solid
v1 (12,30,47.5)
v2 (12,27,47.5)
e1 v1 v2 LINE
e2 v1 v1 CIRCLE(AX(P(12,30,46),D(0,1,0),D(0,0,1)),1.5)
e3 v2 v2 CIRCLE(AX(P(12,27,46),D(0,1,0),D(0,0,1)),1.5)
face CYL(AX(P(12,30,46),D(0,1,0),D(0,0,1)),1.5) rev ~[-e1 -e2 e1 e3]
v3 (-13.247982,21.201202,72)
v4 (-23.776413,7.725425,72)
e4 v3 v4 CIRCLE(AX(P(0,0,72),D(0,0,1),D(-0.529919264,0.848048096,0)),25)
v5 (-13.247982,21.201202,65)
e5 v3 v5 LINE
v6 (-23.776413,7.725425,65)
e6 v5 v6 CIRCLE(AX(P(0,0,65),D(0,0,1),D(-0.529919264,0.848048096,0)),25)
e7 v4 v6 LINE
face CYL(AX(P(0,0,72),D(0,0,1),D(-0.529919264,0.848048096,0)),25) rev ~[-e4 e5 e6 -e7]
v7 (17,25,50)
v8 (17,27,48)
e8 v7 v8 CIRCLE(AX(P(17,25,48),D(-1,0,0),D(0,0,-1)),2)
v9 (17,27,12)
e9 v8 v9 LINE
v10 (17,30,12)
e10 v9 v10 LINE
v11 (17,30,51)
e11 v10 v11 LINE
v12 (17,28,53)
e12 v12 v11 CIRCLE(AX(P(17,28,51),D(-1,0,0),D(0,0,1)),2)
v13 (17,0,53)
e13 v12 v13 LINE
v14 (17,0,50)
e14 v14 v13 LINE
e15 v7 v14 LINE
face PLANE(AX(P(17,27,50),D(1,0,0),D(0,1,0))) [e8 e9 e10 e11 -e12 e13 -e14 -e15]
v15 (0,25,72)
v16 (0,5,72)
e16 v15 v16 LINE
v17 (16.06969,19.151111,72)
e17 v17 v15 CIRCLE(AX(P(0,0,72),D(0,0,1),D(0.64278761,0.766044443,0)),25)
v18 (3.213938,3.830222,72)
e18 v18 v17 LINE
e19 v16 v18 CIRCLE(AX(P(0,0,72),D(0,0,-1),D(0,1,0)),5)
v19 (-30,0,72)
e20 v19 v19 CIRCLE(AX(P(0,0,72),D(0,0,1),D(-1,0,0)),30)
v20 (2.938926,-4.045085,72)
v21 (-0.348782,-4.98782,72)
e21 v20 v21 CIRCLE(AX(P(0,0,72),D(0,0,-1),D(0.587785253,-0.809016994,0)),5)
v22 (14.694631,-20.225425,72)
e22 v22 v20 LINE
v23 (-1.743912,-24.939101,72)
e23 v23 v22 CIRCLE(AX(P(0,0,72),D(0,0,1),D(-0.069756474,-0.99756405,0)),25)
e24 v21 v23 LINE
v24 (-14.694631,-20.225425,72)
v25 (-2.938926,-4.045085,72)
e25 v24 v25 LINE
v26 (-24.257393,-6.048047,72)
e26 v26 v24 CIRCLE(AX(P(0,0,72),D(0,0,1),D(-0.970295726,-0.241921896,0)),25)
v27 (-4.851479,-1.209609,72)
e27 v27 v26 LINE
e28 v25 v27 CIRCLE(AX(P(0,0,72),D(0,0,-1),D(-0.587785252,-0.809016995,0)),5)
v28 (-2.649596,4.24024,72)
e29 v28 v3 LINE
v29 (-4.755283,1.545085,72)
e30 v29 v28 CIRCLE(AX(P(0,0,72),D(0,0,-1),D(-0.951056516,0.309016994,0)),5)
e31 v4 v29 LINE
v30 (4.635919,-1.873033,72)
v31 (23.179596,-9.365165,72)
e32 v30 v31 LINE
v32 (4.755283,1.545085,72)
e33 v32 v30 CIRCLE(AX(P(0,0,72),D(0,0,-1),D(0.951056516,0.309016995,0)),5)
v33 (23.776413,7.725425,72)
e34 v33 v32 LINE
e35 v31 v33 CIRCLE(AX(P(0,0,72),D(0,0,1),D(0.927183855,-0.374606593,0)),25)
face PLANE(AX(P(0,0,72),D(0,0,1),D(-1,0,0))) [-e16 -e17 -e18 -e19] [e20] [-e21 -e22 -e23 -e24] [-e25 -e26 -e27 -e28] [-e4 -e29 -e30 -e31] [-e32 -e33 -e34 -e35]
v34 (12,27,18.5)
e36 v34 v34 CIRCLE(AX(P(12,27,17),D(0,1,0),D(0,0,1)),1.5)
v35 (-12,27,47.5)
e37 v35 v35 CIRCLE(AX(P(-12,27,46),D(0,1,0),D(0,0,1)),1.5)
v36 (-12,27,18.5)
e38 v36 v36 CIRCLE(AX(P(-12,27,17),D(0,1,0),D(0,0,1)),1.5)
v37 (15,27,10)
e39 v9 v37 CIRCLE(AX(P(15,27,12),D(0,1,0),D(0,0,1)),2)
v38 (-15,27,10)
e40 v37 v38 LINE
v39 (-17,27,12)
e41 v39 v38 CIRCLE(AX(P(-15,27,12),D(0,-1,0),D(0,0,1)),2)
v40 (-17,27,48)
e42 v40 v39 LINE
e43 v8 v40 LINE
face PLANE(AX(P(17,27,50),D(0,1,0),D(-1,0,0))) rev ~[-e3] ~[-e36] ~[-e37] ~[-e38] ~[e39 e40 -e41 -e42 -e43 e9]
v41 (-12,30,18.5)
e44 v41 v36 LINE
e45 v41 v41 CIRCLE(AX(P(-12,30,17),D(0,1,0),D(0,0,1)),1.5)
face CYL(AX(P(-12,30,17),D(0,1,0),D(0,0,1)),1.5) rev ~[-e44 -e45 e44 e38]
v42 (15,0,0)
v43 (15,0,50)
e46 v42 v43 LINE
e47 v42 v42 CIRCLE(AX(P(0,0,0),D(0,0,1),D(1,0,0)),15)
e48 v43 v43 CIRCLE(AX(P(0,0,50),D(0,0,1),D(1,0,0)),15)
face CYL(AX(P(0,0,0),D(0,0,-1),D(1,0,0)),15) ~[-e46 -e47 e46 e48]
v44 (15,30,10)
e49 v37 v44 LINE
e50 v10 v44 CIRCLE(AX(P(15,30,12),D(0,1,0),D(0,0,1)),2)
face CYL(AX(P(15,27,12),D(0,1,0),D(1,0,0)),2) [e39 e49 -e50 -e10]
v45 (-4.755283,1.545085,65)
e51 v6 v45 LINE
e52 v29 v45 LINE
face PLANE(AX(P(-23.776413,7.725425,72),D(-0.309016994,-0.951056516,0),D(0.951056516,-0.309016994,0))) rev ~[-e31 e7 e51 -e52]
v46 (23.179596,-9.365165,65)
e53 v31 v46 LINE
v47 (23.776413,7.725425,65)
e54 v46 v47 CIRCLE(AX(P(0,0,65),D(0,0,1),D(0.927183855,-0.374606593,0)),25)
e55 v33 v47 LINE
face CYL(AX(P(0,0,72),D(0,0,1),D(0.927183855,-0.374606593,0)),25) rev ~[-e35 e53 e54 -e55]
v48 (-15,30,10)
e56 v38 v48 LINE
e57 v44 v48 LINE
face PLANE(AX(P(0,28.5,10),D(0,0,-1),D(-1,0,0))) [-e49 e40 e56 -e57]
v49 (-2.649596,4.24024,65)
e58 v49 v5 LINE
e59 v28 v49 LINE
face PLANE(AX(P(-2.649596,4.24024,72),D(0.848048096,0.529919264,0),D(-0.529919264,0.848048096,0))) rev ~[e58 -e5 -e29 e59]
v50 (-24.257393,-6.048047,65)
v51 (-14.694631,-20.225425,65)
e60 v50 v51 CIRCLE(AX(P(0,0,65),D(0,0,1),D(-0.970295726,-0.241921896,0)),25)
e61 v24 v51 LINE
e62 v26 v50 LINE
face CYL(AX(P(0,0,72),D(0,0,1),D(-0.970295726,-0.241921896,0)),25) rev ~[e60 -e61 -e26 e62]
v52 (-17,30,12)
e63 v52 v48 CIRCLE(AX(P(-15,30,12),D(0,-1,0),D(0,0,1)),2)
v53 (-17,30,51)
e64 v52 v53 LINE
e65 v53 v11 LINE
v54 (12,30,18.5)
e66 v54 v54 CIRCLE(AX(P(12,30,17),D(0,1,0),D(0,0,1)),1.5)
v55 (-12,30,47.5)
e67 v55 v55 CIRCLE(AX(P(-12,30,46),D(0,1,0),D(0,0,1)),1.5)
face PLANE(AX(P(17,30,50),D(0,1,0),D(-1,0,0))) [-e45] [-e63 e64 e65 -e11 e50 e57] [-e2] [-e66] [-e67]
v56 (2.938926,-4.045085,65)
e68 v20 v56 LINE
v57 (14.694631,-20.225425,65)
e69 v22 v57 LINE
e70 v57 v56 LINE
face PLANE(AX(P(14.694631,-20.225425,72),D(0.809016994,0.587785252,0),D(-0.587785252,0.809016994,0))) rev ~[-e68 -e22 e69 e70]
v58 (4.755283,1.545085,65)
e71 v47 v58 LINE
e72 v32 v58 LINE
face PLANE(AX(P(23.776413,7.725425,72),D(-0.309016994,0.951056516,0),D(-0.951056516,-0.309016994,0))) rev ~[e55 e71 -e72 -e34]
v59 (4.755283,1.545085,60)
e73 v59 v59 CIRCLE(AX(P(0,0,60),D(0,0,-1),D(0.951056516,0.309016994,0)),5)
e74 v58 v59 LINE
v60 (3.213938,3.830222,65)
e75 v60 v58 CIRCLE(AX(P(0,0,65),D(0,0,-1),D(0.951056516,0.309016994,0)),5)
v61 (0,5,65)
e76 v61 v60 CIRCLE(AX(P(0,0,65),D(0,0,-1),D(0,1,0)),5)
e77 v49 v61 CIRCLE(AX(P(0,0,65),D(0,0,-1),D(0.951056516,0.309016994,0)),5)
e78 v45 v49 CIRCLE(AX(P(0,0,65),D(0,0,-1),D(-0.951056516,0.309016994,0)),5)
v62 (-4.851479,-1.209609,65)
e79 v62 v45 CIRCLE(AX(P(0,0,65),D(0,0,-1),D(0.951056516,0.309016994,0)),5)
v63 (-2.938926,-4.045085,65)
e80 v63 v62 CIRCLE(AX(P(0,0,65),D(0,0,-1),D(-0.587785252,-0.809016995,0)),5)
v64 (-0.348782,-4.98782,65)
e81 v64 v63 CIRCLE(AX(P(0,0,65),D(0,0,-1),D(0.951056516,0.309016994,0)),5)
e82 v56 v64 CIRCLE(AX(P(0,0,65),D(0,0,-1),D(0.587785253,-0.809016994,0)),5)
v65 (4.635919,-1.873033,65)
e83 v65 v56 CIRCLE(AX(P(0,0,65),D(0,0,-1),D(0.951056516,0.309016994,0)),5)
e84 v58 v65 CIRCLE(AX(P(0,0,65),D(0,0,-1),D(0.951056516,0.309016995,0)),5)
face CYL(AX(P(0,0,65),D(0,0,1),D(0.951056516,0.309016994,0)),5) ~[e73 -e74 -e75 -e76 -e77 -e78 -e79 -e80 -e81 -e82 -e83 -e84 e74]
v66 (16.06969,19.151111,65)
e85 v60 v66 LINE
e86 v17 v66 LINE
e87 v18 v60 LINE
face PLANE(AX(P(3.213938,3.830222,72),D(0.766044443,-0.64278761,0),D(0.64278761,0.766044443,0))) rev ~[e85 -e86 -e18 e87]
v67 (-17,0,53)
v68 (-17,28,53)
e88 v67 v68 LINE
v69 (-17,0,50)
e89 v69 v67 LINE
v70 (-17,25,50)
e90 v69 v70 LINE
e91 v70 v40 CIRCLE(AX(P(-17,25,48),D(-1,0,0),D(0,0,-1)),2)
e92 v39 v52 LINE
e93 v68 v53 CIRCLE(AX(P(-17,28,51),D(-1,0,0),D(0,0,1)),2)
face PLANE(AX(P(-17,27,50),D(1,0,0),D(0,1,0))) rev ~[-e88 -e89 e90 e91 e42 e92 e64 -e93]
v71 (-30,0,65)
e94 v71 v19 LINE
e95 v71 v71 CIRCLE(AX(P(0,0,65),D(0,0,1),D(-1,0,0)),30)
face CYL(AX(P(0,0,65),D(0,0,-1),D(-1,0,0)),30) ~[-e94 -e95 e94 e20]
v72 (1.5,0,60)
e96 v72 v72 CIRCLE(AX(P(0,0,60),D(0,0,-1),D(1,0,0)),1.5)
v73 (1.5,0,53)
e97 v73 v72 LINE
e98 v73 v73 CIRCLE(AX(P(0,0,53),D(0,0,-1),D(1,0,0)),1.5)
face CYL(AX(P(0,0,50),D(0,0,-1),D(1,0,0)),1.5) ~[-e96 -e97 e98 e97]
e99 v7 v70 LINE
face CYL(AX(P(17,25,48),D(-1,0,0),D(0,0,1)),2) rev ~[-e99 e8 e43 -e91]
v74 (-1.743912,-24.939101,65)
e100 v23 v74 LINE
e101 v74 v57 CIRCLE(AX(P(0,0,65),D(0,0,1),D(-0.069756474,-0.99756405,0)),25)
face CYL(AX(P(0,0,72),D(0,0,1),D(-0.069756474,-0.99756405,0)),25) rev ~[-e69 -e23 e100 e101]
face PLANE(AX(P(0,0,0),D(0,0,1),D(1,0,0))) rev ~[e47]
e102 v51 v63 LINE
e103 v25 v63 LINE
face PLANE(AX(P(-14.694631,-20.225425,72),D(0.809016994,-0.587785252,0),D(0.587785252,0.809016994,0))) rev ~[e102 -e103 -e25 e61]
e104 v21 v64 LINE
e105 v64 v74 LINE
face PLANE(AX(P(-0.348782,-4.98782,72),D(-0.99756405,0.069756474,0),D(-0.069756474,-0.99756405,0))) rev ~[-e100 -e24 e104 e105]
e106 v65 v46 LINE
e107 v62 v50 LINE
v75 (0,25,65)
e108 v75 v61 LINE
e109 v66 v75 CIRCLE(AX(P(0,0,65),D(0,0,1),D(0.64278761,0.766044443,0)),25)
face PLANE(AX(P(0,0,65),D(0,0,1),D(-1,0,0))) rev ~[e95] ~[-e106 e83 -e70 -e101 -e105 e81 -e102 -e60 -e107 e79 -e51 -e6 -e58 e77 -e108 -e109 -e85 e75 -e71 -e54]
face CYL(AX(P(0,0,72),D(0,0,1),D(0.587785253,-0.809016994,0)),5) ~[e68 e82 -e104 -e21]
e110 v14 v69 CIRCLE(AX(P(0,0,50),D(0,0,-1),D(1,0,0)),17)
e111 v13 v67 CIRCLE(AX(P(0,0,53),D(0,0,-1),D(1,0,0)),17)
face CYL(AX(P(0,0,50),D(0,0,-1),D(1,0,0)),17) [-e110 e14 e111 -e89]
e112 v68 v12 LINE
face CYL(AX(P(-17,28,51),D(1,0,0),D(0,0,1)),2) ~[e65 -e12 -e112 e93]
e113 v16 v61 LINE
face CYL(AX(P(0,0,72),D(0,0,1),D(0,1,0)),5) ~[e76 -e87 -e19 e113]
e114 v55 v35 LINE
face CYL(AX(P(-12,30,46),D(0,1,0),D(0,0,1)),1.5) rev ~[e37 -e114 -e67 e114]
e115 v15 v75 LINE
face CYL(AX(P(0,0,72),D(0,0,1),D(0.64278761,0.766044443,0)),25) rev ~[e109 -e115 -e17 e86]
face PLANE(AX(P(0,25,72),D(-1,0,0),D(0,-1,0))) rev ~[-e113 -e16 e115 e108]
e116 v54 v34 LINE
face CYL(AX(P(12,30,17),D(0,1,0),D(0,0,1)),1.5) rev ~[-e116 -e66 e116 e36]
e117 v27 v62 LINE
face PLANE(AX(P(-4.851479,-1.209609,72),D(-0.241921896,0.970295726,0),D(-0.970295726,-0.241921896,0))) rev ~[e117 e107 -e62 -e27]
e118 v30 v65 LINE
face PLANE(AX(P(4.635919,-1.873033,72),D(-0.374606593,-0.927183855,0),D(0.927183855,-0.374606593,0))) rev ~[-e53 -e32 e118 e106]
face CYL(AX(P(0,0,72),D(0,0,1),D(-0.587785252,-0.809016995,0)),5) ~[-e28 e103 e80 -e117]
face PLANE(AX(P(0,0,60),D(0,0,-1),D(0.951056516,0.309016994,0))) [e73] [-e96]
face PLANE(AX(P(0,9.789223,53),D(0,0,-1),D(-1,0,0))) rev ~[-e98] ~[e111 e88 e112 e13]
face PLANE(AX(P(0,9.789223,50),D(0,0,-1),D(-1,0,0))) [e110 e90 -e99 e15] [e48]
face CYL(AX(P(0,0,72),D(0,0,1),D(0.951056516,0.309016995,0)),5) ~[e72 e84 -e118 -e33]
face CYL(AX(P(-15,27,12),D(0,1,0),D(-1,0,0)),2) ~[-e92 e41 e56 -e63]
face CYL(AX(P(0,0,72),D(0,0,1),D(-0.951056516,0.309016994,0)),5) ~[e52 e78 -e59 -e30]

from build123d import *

# Parameters (mm, degrees)
SKETCH1_R           = 15
BOSS_EXTRUDE1_DEPTH = 50
SKETCH2_R           = 1.5
BOSS_EXTRUDE2_DEPTH = 15
BOSS_EXTRUDE4_DEPTH = 3
SKETCH5_W           = 34
SKETCH5_H           = 3
BOSS_EXTRUDE5_DEPTH = 40
FILLET2_R           = 2
SKETCH6_R           = 30
BOSS_EXTRUDE6_DEPTH = 7
CUT_EXTRUDE1_DEPTH  = 7
SKETCH8_R           = 5
BOSS_EXTRUDE7_DEPTH = 5
SKETCH9_R           = 1.5
CUT_EXTRUDE2_DEPTH  = 5


with BuildPart() as part:
    # Sketch1 → Boss-Extrude1 (new body)
    with BuildSketch(Plane.XY):
        Circle(SKETCH1_R)
    extrude(amount=BOSS_EXTRUDE1_DEPTH)

    # Sketch2 → Boss-Extrude2 (add)
    with BuildSketch(Plane.XY.offset(50)):
        Circle(SKETCH2_R)
    extrude(amount=BOSS_EXTRUDE2_DEPTH)

    # Sketch4 → Boss-Extrude4 (add)
    with BuildSketch(Plane.XY.offset(50)):
        with BuildLine():
            Line((-17, 0), (-17, 30))
            Line((-17, 30), (17, 30))
            Line((17, 30), (17, 0))
            ThreePointArc((17, 0), (0, -17), (-17, 0))
        make_face()
    extrude(amount=BOSS_EXTRUDE4_DEPTH)

    # Sketch5 → Boss-Extrude5 (add)
    with BuildSketch(Plane(origin=(0, 0, 50), x_dir=(-1, 0, 0), z_dir=(0, 0, -1))):
        with Locations((0, 28.5)):
            Rectangle(SKETCH5_W, SKETCH5_H)
    extrude(amount=BOSS_EXTRUDE5_DEPTH)

    # Fillet2
    fillet2_edges = [part.edges().sort_by_distance(p)[0] for p in [
        (0, 30, 53),
        (0, 27, 50),
        (17, 28.5, 10),
        (-17, 28.5, 10),
    ]]
    fillet(fillet2_edges, radius=FILLET2_R)

    # Sketch6 → Boss-Extrude6 (add)
    with BuildSketch(Plane.XY.offset(65)):
        with Locations(Location((0, 0, 0), (0, 0, 180))):
            Circle(SKETCH6_R)
    extrude(amount=BOSS_EXTRUDE6_DEPTH)

    # Sketch7 → Cut-Extrude1 (cut)
    with BuildSketch(Plane.XY.offset(72)):
        with BuildLine():
            Line((0, 25), (0, 5))
            ThreePointArc((0, 5), (1.710100717, 4.698463104), (3.213938048, 3.830222216))
            Line((3.213938048, 3.830222216), (16.069690242, 19.151111078))
            ThreePointArc((16.069690242, 19.151111078), (8.550503583, 23.49231552), (0, 25))
        make_face()
        with BuildLine():
            Line((23.776412907, 7.725424859), (4.755282581, 1.545084972))
            ThreePointArc((4.755282581, 1.545084972), (4.996954135, -0.174497484), (4.635919273, -1.873032967))
            Line((4.635919273, -1.873032967), (23.179596364, -9.365164835))
            ThreePointArc((23.179596364, -9.365164835), (24.984770675, -0.872487418), (23.776412907, 7.725424859))
        make_face()
        with BuildLine():
            Line((14.694631307, -20.225424859), (2.938926261, -4.045084972))
            ThreePointArc((2.938926261, -4.045084972), (1.378186779, -4.80630848), (-0.348782369, -4.987820251))
            Line((-0.348782369, -4.987820251), (-1.743911844, -24.939101256))
            ThreePointArc((-1.743911844, -24.939101256), (6.890933895, -24.031542398), (14.694631307, -20.225424859))
        make_face()
        with BuildLine():
            Line((-14.694631307, -20.225424859), (-2.938926261, -4.045084972))
            ThreePointArc((-2.938926261, -4.045084972), (-4.145187863, -2.795964517), (-4.851478631, -1.209609478))
            Line((-4.851478631, -1.209609478), (-24.257393157, -6.04804739))
            ThreePointArc((-24.257393157, -6.04804739), (-20.725939314, -13.979822587), (-14.694631307, -20.225424859))
        make_face()
        with BuildLine():
            Line((-23.776412907, 7.725424859), (-4.755282581, 1.545084972))
            ThreePointArc((-4.755282581, 1.545084972), (-3.940053768, 3.078307377), (-2.649596321, 4.240240481))
            Line((-2.649596321, 4.240240481), (-13.247981606, 21.201202404))
            ThreePointArc((-13.247981606, 21.201202404), (-19.70026884, 15.391536883), (-23.776412907, 7.725424859))
        make_face()
    extrude(amount=-CUT_EXTRUDE1_DEPTH, mode=Mode.SUBTRACT)

    # Sketch8 → Boss-Extrude7 (add)
    with BuildSketch(Plane(origin=(0, 0, 65), x_dir=(-1, 0, 0), z_dir=(0, 0, -1))):
        with Locations(Location((0, 0, 0), (0, 0, 162))):
            Circle(SKETCH8_R)
    extrude(amount=BOSS_EXTRUDE7_DEPTH)

    # Sketch9 → Cut-Extrude2 (cut)
    with BuildSketch(Plane(origin=(0, 30, 0), x_dir=(1, 0, 0), z_dir=(0, 1, 0))):
        with Locations(Location((-12, -46, 0), (0, 0, 270))):
            Circle(SKETCH9_R)
        with Locations(Location((-12, -17, 0), (0, 0, 270))):
            Circle(SKETCH9_R)
        with Locations(Location((12, -46, 0), (0, 0, 270))):
            Circle(SKETCH9_R)
        with Locations(Location((12, -17, 0), (0, 0, 270))):
            Circle(SKETCH9_R)
    extrude(amount=-CUT_EXTRUDE2_DEPTH, mode=Mode.SUBTRACT)


solid = part.part
